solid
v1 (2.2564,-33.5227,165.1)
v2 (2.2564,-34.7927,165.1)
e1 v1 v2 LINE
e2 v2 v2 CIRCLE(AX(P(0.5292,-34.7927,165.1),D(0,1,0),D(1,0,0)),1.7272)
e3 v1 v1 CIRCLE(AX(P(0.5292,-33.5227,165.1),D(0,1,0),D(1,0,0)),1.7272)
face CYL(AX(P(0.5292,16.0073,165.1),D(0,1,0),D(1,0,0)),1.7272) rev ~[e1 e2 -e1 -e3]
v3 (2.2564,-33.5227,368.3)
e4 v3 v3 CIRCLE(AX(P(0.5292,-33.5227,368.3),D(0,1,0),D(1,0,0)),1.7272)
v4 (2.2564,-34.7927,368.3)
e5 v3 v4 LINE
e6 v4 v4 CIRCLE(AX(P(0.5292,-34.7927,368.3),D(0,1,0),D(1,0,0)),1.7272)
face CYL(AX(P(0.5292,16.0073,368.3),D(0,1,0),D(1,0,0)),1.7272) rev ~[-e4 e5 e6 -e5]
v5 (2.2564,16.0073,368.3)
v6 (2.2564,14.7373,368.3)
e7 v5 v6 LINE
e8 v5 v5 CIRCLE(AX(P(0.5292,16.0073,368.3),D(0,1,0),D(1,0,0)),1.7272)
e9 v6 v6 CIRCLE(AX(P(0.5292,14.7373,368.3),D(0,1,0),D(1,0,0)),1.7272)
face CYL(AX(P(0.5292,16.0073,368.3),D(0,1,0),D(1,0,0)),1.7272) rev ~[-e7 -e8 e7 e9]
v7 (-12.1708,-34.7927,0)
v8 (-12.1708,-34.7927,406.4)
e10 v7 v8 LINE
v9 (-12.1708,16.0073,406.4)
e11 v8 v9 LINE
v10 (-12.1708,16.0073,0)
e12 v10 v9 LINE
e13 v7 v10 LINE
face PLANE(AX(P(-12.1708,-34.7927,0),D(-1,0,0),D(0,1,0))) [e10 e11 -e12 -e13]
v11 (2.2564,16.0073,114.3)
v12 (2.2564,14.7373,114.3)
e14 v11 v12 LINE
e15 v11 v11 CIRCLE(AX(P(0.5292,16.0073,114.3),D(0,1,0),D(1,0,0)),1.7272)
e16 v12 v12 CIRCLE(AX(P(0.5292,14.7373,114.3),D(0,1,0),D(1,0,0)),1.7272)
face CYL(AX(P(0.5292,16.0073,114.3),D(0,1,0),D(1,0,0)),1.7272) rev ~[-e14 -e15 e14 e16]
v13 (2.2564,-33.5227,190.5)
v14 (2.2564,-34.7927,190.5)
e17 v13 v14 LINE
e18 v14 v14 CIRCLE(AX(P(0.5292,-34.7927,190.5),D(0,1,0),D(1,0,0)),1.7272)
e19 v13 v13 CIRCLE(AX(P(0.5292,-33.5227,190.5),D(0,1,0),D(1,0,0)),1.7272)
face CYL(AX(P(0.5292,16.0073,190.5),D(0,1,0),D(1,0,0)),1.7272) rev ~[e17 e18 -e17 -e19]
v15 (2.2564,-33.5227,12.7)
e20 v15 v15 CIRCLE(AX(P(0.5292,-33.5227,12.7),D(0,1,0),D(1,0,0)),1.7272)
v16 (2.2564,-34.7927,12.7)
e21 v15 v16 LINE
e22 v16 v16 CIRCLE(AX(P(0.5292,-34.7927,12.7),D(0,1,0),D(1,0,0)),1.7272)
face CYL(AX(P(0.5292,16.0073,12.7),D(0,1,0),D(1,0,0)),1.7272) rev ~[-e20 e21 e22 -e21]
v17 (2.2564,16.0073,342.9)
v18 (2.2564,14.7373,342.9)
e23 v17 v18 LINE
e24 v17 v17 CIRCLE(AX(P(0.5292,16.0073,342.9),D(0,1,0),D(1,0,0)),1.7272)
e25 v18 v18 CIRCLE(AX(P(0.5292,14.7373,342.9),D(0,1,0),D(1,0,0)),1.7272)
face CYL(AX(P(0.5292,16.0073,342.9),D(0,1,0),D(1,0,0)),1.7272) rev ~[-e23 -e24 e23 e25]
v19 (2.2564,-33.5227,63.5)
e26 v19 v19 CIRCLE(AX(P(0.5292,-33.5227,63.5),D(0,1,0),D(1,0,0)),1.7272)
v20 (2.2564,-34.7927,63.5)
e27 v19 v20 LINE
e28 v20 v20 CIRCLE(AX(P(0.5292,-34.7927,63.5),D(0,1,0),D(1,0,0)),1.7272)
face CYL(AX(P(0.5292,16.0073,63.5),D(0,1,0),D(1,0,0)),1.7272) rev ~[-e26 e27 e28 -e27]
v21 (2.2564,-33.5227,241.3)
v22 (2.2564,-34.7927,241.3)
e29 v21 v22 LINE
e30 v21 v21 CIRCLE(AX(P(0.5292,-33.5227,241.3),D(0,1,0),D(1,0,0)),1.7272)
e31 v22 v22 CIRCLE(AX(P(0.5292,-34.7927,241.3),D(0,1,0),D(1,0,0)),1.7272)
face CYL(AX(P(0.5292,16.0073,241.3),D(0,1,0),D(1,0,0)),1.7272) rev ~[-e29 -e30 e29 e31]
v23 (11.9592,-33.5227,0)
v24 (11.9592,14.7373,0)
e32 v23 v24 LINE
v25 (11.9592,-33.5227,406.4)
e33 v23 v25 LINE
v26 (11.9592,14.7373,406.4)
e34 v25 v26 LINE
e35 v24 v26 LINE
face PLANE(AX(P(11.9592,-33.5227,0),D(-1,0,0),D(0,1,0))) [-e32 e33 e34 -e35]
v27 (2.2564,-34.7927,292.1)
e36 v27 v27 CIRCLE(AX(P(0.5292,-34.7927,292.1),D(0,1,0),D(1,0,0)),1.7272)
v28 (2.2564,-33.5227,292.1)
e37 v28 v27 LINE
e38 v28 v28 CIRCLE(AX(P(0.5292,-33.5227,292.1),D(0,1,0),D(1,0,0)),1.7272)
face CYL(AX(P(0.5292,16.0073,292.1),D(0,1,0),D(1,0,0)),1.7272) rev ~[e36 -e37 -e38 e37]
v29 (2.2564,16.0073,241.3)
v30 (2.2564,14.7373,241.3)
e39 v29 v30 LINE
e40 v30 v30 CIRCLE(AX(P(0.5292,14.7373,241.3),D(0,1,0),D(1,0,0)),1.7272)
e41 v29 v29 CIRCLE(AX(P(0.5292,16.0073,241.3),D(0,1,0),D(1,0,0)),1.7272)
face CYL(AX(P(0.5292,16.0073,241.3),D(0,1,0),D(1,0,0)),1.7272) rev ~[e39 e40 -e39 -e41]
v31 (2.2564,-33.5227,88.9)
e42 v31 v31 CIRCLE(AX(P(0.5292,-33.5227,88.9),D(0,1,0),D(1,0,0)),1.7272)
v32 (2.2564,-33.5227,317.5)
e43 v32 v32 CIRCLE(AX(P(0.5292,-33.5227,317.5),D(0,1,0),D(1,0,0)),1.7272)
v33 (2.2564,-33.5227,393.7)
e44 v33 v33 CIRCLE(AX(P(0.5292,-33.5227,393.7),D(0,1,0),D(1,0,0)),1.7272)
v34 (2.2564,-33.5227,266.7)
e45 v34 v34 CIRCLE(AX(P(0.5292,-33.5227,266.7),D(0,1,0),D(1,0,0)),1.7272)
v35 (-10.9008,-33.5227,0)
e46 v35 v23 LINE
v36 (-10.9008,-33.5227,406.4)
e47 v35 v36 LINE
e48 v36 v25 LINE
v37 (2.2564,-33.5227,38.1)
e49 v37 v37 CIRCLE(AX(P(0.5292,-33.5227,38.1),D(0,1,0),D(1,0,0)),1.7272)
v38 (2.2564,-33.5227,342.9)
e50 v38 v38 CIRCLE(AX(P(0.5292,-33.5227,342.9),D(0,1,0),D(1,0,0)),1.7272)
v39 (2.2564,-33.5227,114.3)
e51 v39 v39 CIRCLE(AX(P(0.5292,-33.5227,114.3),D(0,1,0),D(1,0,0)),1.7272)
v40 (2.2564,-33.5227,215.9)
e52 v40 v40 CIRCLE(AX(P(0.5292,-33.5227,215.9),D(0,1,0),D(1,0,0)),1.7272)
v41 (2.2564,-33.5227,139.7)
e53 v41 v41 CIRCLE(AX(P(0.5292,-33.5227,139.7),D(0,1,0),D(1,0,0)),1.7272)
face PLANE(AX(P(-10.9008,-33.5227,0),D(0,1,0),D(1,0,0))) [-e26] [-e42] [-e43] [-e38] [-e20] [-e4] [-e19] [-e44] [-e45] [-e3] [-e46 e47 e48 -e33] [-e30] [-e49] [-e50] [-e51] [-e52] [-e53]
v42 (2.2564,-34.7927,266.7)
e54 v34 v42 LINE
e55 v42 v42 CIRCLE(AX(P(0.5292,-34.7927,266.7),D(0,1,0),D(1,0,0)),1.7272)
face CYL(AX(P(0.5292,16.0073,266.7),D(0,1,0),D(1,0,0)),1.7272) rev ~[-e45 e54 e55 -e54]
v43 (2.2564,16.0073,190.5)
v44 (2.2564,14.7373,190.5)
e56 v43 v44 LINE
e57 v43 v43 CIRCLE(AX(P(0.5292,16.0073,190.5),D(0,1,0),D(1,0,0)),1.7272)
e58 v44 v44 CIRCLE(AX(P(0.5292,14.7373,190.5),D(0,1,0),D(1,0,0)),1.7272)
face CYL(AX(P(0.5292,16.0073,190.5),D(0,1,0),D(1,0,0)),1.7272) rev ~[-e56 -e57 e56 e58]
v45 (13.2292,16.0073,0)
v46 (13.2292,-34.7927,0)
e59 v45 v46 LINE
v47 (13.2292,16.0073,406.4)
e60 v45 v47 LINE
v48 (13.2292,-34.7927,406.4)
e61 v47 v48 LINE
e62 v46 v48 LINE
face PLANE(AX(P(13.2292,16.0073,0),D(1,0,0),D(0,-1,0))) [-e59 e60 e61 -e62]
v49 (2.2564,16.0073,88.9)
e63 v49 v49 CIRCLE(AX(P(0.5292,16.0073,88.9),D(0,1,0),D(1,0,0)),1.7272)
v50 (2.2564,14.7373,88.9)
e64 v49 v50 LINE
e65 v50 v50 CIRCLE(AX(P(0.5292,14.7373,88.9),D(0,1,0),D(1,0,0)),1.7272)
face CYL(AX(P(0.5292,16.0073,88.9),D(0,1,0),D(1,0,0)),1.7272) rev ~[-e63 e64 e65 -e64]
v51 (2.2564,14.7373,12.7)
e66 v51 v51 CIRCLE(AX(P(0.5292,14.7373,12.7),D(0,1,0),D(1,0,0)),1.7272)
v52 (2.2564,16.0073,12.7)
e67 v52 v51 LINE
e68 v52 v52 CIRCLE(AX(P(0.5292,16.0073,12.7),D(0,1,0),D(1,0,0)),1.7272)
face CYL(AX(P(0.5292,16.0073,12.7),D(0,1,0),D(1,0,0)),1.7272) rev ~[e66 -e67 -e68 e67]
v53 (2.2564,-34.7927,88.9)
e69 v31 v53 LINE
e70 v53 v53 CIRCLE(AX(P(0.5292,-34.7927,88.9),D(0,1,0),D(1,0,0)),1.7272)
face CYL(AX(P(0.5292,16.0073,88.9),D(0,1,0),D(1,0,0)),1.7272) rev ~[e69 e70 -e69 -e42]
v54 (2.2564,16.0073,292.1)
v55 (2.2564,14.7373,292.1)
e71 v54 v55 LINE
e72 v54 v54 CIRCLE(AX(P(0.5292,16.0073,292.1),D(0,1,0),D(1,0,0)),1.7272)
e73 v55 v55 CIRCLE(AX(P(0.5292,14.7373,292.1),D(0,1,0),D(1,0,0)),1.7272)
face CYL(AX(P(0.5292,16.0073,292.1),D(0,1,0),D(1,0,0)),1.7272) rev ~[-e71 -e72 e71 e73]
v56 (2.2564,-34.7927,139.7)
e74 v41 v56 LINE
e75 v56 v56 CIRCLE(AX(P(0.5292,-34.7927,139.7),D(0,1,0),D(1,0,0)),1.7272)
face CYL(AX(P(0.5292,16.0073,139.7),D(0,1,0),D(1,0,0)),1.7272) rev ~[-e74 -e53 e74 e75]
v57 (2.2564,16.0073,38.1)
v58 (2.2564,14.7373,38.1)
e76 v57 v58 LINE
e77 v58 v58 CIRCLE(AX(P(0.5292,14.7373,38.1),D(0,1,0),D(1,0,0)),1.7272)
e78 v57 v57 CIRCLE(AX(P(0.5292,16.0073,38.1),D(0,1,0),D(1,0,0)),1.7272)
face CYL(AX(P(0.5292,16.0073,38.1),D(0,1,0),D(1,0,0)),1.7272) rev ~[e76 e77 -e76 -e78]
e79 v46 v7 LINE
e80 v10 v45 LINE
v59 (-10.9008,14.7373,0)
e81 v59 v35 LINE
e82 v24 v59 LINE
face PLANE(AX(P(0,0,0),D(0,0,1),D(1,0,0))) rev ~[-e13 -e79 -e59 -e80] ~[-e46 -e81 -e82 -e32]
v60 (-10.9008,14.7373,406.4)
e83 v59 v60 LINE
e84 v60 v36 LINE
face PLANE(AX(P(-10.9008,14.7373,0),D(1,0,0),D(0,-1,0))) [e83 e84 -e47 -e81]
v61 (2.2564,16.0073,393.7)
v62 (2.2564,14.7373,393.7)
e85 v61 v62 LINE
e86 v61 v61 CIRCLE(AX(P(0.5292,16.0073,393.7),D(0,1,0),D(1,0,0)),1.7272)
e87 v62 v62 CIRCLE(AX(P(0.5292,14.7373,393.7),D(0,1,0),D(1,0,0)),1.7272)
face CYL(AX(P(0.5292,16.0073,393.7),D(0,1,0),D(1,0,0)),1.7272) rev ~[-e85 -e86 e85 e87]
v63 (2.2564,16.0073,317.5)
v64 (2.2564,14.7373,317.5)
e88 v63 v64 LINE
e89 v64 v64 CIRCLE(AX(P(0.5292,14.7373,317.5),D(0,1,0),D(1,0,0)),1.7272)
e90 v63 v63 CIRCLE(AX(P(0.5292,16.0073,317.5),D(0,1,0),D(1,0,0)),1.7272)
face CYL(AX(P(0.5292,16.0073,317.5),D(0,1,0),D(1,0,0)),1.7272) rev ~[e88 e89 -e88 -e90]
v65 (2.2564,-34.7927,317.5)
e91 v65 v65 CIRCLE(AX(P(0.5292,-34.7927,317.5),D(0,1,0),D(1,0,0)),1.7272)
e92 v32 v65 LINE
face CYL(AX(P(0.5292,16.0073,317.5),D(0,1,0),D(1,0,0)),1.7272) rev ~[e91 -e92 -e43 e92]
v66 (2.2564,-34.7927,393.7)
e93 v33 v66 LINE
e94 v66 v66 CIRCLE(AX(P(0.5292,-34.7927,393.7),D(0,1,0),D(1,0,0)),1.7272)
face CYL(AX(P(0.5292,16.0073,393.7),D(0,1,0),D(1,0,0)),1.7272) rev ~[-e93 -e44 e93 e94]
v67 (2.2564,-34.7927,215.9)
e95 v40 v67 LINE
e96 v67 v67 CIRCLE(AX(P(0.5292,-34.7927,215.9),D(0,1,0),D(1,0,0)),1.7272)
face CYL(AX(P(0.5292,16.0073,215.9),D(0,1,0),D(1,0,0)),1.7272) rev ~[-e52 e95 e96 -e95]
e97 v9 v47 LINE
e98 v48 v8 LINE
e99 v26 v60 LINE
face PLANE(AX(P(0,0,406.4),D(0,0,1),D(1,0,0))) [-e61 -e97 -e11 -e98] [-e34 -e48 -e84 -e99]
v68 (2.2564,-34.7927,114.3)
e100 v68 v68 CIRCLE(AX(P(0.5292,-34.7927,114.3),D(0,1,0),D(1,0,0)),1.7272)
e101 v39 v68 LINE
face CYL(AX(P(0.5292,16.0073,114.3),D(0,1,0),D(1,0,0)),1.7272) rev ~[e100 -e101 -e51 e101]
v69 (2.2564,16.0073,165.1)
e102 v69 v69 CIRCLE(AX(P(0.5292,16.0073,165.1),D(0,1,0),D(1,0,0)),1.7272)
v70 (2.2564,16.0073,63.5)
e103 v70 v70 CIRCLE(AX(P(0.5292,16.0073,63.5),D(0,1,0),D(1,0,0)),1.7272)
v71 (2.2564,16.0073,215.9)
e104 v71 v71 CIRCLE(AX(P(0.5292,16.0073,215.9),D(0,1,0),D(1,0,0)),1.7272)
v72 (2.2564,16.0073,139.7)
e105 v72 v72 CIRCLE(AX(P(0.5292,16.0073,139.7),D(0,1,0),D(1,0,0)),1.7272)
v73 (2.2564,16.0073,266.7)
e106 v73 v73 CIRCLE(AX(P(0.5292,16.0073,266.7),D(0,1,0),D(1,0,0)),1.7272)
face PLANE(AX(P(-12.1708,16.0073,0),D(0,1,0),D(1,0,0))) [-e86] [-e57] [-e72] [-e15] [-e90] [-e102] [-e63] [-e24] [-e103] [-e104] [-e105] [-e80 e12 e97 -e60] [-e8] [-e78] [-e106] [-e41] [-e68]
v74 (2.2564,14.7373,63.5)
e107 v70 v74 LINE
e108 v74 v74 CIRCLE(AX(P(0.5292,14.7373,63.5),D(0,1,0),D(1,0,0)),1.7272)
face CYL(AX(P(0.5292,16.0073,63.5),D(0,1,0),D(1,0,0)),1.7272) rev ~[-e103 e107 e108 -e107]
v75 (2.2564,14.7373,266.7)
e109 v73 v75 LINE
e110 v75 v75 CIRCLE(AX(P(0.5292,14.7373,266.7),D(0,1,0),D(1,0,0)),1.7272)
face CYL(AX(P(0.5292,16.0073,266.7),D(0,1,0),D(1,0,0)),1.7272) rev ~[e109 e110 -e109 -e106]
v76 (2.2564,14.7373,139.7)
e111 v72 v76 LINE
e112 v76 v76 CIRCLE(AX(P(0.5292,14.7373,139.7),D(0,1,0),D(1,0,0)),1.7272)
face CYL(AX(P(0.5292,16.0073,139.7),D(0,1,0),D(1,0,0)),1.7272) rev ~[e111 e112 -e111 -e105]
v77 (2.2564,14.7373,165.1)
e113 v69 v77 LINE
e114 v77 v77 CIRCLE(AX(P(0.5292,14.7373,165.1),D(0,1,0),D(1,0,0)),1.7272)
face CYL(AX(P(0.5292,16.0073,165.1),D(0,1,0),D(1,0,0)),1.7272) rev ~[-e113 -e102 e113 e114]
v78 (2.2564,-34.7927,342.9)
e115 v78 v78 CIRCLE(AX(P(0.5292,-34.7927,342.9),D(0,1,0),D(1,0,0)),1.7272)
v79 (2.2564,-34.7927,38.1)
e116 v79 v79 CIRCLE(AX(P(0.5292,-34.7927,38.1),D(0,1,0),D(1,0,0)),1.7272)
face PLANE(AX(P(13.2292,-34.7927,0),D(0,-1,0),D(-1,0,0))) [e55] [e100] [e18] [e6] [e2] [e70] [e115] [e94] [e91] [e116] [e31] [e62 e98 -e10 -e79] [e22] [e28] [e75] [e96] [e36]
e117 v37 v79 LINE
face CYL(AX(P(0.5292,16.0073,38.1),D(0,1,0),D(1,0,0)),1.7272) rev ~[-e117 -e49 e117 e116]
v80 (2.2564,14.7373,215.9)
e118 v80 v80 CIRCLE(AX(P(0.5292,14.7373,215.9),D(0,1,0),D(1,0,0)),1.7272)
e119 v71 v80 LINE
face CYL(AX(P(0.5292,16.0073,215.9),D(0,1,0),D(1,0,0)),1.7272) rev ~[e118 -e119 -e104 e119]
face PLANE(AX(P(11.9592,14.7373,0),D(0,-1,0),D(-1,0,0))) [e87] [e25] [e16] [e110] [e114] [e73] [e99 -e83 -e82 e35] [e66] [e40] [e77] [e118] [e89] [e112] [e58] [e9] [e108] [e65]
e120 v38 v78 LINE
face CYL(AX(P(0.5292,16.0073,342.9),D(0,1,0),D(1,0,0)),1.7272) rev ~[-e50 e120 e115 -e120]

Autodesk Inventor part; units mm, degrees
ref_plane "YZ Plane" through (0, 0, 0) normal (1, 0, 0) x (0, 1, 0)
ref_plane "XZ Plane" through (0, 0, 0) normal (0, 1, 0) x (-1, 0, 0)
ref_plane "XY Plane" through (0, 0, 0) normal (0, 0, 1) x (1, 0, 0)
sketch "Sketch1" plane through (0, 0, 0) normal (0, 0, 1) x (1, 0, 0)
  line L0 (-12.1708, 16.0073) -> (13.2292, 16.0073)
  line L1 (13.2292, 16.0073) -> (13.2292, -34.7927)
  line L2 (13.2292, -34.7927) -> (-12.1708, -34.7927)
  line L3 (-12.1708, -34.7927) -> (-12.1708, 16.0073)
  line L4 (11.9592, 14.7373) -> (-10.9008, 14.7373)
  line L5 (-10.9008, 14.7373) -> (-10.9008, -33.5227)
  line L6 (-10.9008, -33.5227) -> (11.9592, -33.5227)
  line L7 (11.9592, -33.5227) -> (11.9592, 14.7373)
  point P0 (0, 0)
  dimension "d0" = 25.4
  dimension "d1" = 50.8
  dimension "d2" = 1.27
extrude "Extrusion1" add sketch "Sketch1" along normal blind 406.4
sketch "Sketch2" plane through (-12.1708, 16.0073, 0) normal (0, 1, 0) x (1, 0, 0)
  circle A0 centre (12.7, -12.7) radius 1.7272
  line L0 (25.4, 0) -> (0, 0) projected
  line L1 (0, 0) -> (0, -406.4) projected
  point P0 (12.1708, 0)
  dimension "d5" = 3.4544
  dimension "d6" = 12.7
  dimension "d7" = 12.7
extrude "Extrusion2" cut sketch "Sketch2" against normal through all
pattern_linear "Rectangular Pattern1" count 16 spacing 25.4 along (0, 0, 1) of "Extrusion2"
equation "\"d3\" = d13"
equation "\"d13\" = 406.4"
properties part number "VerseFrame 16in"
